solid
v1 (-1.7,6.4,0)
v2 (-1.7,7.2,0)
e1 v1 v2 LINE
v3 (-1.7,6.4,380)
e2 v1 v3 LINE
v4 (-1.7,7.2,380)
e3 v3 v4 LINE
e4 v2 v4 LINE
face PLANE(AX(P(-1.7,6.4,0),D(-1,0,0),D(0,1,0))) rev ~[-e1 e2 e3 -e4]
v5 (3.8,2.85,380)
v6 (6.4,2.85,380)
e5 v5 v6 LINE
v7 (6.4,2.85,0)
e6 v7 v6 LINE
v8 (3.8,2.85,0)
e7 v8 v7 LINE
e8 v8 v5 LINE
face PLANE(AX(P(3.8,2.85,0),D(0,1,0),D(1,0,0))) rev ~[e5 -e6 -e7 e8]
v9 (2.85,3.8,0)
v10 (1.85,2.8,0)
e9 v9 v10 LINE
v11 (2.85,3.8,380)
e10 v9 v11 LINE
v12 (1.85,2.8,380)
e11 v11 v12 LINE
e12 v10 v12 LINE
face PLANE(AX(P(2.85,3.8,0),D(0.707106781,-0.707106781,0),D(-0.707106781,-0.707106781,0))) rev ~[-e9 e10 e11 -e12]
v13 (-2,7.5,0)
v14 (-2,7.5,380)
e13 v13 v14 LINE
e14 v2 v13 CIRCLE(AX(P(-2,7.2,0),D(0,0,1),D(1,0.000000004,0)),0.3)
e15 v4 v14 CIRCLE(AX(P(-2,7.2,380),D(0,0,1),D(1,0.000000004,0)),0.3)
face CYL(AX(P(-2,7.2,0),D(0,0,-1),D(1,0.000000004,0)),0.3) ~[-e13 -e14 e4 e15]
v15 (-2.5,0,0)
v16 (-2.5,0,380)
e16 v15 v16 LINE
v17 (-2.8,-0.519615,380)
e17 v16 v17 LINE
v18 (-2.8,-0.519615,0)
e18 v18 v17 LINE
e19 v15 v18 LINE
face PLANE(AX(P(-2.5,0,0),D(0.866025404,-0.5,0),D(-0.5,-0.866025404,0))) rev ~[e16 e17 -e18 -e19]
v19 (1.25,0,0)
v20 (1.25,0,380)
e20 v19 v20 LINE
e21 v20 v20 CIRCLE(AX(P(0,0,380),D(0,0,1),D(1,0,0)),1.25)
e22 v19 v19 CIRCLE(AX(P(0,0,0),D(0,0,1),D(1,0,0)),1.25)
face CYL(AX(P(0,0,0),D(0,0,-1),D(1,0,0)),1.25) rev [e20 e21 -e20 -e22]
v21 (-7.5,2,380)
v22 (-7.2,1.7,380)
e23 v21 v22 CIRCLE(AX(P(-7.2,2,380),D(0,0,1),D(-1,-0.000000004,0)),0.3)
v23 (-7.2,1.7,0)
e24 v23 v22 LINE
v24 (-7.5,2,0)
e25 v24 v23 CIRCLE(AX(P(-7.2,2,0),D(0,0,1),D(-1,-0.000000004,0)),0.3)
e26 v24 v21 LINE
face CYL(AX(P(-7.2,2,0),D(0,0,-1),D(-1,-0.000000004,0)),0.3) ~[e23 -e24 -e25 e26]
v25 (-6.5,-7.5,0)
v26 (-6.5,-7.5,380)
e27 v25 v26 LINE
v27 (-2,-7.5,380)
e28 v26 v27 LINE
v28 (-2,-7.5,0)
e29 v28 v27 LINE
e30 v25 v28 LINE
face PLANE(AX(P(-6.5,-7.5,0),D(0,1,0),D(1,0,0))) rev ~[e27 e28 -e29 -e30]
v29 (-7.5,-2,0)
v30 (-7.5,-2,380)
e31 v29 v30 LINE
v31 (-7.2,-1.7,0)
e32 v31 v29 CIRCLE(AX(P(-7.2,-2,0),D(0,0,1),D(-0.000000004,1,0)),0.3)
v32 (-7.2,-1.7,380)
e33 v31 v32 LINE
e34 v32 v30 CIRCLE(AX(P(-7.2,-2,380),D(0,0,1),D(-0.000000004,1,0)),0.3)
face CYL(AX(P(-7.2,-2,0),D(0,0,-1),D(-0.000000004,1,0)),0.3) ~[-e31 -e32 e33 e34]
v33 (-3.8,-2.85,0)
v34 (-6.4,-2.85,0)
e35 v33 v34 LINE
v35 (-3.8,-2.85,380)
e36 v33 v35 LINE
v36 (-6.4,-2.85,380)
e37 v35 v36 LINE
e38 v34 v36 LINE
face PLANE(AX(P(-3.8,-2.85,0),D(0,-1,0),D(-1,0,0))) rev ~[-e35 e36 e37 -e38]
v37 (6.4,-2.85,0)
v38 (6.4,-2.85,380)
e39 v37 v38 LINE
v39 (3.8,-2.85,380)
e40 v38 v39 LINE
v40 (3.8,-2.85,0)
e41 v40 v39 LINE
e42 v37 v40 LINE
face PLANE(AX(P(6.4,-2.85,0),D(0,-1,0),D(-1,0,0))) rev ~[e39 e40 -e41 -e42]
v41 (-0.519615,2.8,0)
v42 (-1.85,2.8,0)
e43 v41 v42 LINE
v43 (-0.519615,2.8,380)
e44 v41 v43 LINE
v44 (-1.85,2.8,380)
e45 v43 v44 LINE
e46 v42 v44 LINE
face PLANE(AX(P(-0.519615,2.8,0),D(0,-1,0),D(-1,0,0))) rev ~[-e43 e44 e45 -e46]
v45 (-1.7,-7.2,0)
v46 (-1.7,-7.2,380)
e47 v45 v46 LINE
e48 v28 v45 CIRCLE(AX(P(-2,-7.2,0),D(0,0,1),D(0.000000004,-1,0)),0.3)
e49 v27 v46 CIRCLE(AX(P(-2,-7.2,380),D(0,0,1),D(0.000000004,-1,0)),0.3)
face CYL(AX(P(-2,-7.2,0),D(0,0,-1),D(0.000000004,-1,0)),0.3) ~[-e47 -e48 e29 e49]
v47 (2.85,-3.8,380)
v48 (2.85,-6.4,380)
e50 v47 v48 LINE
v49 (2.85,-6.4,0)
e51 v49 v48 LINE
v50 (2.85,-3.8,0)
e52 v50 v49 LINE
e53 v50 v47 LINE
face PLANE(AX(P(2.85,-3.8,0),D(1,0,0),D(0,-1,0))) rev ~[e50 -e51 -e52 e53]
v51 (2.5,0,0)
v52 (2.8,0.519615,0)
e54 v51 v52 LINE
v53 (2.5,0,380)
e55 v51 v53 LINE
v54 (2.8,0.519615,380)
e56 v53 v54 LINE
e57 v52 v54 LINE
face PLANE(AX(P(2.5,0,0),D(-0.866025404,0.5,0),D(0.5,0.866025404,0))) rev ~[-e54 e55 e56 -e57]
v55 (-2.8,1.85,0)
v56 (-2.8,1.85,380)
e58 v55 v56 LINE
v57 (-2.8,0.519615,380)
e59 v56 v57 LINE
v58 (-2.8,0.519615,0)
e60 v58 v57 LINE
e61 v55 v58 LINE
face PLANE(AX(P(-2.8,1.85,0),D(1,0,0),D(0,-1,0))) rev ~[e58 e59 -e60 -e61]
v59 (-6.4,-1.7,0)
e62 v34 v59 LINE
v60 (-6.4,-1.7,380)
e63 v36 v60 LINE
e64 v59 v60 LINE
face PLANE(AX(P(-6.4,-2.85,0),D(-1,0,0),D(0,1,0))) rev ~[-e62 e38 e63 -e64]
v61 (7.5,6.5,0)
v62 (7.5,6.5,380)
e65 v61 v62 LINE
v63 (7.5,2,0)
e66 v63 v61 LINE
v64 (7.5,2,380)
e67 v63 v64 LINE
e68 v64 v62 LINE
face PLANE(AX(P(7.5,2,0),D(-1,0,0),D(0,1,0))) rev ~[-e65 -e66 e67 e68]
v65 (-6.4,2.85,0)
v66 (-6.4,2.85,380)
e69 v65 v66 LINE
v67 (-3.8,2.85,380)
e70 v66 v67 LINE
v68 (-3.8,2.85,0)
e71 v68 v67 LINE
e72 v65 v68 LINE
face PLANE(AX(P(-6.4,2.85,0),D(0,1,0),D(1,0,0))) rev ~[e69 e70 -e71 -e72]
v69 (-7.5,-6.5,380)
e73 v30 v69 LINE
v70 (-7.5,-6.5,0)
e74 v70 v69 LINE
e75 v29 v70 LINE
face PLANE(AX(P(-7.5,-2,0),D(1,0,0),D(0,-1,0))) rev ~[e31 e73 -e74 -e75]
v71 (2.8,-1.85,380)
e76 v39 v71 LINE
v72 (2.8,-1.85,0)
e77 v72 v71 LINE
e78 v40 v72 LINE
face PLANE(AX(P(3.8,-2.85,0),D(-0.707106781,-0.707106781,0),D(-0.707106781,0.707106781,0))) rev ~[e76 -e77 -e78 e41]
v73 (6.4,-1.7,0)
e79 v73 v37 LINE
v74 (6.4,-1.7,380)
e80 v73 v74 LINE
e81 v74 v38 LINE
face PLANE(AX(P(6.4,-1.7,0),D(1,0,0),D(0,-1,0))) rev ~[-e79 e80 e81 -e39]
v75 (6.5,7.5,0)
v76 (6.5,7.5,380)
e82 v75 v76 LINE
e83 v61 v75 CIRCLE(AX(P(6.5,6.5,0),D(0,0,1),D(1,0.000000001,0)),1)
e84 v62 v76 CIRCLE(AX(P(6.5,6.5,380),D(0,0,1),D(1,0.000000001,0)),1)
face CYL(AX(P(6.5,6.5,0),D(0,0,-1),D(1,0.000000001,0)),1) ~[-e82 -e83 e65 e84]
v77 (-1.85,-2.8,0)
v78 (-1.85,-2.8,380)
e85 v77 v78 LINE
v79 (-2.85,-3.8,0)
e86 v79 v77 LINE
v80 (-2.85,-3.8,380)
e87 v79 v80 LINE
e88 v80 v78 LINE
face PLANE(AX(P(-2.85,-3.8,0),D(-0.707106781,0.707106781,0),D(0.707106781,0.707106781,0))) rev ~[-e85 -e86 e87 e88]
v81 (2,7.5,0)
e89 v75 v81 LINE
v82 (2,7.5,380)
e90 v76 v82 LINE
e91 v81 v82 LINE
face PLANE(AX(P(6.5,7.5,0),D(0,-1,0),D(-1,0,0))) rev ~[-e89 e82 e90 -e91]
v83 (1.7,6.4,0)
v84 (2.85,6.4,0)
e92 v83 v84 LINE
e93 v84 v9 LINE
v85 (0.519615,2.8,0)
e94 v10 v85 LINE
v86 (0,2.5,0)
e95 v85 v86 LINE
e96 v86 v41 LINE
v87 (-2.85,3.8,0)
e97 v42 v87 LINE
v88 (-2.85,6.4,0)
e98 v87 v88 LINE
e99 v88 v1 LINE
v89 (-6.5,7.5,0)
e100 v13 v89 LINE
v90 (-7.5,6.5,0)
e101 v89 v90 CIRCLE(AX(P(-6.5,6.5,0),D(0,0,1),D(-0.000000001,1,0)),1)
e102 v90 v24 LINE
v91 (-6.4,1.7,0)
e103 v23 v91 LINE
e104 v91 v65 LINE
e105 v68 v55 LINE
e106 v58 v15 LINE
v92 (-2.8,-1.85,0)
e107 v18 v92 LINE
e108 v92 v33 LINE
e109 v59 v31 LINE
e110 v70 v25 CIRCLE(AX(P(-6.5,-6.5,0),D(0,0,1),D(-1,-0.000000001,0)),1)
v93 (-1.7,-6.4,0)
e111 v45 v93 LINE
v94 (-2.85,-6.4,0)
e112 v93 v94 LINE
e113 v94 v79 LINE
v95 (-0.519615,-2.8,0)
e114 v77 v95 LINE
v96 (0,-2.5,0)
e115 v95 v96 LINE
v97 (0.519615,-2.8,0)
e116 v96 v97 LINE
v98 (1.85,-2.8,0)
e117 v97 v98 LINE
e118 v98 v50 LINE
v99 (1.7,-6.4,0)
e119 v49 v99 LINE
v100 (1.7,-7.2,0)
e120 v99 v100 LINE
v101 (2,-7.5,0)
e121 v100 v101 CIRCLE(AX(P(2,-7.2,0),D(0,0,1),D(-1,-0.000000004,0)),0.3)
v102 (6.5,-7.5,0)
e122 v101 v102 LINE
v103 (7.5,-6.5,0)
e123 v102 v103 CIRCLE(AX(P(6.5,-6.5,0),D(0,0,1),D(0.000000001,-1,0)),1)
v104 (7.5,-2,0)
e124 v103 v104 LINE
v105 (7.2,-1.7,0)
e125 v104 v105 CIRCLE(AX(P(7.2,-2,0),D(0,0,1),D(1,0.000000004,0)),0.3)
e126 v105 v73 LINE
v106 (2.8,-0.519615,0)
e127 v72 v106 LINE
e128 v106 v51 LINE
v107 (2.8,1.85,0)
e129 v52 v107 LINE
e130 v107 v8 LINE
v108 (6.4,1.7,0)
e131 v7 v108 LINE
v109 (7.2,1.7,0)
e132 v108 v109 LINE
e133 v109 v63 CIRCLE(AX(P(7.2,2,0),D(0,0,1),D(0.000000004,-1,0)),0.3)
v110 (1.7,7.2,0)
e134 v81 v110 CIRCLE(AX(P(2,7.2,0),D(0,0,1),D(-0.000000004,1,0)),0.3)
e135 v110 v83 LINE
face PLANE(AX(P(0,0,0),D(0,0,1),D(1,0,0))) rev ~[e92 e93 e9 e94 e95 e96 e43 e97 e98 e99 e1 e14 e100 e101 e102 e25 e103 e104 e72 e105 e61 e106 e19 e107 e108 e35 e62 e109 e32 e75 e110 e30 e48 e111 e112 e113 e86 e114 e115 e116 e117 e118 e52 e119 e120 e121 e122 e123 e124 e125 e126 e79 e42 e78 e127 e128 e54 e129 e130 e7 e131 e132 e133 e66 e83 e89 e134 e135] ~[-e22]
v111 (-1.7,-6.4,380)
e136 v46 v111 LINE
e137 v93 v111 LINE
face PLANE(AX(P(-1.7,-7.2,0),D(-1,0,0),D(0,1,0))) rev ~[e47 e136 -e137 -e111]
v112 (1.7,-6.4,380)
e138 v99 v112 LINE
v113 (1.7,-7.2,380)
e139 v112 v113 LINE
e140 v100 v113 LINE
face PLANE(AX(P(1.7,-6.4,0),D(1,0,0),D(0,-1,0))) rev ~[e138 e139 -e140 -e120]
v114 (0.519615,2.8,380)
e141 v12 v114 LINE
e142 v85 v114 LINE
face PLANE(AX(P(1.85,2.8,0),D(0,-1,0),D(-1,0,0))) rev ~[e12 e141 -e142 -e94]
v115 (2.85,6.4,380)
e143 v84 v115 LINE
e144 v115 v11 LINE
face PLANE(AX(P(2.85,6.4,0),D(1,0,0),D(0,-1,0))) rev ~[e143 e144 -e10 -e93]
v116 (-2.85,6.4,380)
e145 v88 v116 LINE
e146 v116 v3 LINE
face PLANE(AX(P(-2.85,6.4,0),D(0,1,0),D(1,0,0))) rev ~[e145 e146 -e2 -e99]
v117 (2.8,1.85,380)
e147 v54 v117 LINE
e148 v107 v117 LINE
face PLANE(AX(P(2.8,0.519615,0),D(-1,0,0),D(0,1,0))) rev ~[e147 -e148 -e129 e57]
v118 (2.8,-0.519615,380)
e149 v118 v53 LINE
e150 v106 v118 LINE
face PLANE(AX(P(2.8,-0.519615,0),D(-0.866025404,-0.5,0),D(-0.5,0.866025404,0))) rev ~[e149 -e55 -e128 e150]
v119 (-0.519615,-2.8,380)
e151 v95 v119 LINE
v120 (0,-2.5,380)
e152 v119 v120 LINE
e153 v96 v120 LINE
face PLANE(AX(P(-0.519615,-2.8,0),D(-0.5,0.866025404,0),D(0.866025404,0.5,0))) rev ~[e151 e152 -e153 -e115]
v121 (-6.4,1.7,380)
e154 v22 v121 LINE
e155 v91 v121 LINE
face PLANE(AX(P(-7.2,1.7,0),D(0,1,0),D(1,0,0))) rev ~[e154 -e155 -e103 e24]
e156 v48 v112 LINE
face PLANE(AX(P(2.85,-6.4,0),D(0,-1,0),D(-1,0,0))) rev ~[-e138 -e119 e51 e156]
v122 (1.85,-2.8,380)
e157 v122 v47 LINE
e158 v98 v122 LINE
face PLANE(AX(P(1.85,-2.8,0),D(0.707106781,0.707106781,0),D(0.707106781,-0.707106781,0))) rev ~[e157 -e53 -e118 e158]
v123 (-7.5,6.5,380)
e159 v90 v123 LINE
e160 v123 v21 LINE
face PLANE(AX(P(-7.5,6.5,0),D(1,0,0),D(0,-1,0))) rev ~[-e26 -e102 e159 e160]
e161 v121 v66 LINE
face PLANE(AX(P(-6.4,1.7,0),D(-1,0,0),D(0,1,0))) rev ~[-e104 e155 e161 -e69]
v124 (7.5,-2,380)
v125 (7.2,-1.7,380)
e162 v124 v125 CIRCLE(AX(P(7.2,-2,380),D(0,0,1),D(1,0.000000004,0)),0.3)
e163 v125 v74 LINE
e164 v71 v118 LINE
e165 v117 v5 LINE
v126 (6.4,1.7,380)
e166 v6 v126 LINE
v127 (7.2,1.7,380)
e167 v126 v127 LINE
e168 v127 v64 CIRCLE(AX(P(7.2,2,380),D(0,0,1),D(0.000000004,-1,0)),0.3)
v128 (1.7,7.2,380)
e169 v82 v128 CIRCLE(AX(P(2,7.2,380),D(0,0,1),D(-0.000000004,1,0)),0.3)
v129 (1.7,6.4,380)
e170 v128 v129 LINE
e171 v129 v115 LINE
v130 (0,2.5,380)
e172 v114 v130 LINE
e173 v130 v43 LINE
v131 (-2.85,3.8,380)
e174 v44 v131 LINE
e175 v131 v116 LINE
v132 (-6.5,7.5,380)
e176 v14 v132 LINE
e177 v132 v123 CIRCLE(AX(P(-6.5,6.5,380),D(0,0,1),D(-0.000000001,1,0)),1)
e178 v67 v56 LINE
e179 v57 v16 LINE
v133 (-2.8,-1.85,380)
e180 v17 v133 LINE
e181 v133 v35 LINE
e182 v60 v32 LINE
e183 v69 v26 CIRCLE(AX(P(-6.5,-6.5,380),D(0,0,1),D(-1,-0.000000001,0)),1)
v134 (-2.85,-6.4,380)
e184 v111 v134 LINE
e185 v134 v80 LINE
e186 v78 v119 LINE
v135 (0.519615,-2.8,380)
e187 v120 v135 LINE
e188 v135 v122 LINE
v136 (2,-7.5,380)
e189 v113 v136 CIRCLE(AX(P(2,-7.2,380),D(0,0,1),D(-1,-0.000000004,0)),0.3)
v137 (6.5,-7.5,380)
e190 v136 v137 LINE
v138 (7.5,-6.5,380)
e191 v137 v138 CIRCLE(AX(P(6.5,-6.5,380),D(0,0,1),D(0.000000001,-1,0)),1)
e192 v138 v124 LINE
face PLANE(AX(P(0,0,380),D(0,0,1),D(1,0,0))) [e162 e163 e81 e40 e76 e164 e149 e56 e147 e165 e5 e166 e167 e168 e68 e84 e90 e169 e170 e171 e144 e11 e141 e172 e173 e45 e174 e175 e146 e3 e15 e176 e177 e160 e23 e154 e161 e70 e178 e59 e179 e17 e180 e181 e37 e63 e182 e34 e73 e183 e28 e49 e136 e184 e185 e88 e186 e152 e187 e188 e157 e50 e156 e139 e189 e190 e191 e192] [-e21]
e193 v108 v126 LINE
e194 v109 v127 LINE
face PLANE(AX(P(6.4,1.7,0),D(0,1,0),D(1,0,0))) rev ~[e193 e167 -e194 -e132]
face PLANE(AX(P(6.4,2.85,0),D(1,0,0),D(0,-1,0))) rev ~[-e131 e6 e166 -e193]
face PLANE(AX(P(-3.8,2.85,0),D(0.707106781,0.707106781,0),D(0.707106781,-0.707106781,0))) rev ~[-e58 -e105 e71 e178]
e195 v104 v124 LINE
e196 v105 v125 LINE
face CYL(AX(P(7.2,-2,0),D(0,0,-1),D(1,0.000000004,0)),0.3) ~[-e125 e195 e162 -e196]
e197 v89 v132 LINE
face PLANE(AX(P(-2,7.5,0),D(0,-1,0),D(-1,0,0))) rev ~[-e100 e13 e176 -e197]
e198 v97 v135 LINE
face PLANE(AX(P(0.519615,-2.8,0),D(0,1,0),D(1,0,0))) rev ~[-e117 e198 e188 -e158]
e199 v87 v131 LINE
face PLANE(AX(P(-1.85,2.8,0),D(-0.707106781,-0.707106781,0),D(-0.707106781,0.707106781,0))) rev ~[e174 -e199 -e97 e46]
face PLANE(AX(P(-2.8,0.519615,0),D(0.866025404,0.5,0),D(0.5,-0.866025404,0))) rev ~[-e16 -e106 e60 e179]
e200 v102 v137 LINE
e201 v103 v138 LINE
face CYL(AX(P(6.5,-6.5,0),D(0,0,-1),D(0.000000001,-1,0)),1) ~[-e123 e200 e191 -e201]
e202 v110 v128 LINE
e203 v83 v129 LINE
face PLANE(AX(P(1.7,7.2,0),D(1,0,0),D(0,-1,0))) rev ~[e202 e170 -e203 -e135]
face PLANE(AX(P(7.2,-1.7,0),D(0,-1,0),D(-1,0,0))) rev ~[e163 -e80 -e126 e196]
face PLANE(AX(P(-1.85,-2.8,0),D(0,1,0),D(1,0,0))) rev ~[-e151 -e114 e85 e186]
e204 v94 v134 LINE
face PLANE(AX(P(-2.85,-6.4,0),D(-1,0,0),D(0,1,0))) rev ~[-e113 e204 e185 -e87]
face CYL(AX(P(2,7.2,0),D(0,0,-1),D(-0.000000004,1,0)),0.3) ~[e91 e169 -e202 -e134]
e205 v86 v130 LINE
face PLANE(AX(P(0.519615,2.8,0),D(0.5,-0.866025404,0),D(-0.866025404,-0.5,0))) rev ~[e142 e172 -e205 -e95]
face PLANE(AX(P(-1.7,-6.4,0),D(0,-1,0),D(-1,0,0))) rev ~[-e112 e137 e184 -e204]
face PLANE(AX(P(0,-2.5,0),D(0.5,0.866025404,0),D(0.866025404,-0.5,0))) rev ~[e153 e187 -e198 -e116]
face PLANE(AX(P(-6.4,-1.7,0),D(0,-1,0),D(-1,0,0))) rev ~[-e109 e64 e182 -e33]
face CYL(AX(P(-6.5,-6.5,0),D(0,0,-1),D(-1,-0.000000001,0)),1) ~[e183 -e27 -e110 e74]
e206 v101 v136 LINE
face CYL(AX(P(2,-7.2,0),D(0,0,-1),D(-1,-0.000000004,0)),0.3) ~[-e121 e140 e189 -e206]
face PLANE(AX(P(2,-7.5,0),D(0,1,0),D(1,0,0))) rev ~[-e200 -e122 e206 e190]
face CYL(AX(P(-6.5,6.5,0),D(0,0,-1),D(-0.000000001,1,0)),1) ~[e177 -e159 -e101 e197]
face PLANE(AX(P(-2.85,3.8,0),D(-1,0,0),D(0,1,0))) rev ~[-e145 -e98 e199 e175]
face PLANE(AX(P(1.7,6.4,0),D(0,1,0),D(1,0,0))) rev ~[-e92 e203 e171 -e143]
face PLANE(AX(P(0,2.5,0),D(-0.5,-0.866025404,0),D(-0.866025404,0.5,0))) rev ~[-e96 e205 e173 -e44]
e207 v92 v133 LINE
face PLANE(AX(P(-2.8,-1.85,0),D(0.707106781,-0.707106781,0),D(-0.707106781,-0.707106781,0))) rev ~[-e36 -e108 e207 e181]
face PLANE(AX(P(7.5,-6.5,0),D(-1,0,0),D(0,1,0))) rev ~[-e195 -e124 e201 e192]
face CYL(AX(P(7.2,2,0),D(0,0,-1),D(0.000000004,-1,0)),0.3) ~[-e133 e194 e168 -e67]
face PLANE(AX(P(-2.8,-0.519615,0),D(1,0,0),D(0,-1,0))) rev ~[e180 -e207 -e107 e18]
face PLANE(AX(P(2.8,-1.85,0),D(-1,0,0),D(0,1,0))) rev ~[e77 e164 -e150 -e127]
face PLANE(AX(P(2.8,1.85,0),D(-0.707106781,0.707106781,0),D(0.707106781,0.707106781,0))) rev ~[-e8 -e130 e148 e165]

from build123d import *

# Parameters (mm, degrees)
SKETCH1_R           = 1.25
BOSS_EXTRUDE1_DEPTH = 380


with BuildPart() as part:
    # Sketch1 → Boss-Extrude1 (new body)
    with BuildSketch(Plane.XY):
        with BuildLine():
            Line((-7.2, 1.7), (-6.4, 1.7))
            Line((-6.4, 1.7), (-6.4, 2.85))
            Line((-6.4, 2.85), (-3.8, 2.85))
            Line((-3.8, 2.85), (-2.8, 1.85))
            Line((-2.8, 1.85), (-2.8, 0.519615242))
            Line((-2.8, 0.519615242), (-2.5, 0))
            Line((-2.5, 0), (-2.8, -0.519615242))
            Line((-2.8, -0.519615242), (-2.8, -1.85))
            Line((-2.8, -1.85), (-3.8, -2.85))
            Line((-3.8, -2.85), (-6.4, -2.85))
            Line((-6.4, -2.85), (-6.4, -1.7))
            Line((-6.4, -1.7), (-7.2, -1.7))
            ThreePointArc((-7.2, -1.7), (-7.412132034, -1.787867966), (-7.5, -2))
            Line((-7.5, -2), (-7.5, -6.5))
            ThreePointArc((-7.5, -6.5), (-7.207106781, -7.207106781), (-6.5, -7.5))
            Line((-6.5, -7.5), (-2, -7.5))
            ThreePointArc((-2, -7.5), (-1.787867966, -7.412132034), (-1.7, -7.2))
            Line((-1.7, -7.2), (-1.7, -6.4))
            Line((-1.7, -6.4), (-2.85, -6.4))
            Line((-2.85, -6.4), (-2.85, -3.8))
            Line((-2.85, -3.8), (-1.85, -2.8))
            Line((-1.85, -2.8), (-0.519615242, -2.8))
            Line((-0.519615242, -2.8), (0, -2.5))
            Line((0, -2.5), (0.519615242, -2.8))
            Line((0.519615242, -2.8), (1.85, -2.8))
            Line((1.85, -2.8), (2.85, -3.8))
            Line((2.85, -3.8), (2.85, -6.4))
            Line((2.85, -6.4), (1.7, -6.4))
            Line((1.7, -6.4), (1.7, -7.2))
            ThreePointArc((1.7, -7.2), (1.787867966, -7.412132034), (2, -7.5))
            Line((2, -7.5), (6.5, -7.5))
            ThreePointArc((6.5, -7.5), (7.207106781, -7.207106781), (7.5, -6.5))
            Line((7.5, -6.5), (7.5, -2))
            ThreePointArc((7.5, -2), (7.412132034, -1.787867966), (7.2, -1.7))
            Line((7.2, -1.7), (6.4, -1.7))
            Line((6.4, -1.7), (6.4, -2.85))
            Line((6.4, -2.85), (3.8, -2.85))
            Line((3.8, -2.85), (2.8, -1.85))
            Line((2.8, -1.85), (2.8, -0.519615242))
            Line((2.8, -0.519615242), (2.5, 0))
            Line((2.5, 0), (2.8, 0.519615242))
            Line((2.8, 0.519615242), (2.8, 1.85))
            Line((2.8, 1.85), (3.8, 2.85))
            Line((3.8, 2.85), (6.4, 2.85))
            Line((6.4, 2.85), (6.4, 1.7))
            Line((6.4, 1.7), (7.2, 1.7))
            ThreePointArc((7.2, 1.7), (7.412132034, 1.787867966), (7.5, 2))
            Line((7.5, 2), (7.5, 6.5))
            ThreePointArc((7.5, 6.5), (7.207106781, 7.207106781), (6.5, 7.5))
            Line((6.5, 7.5), (2, 7.5))
            ThreePointArc((2, 7.5), (1.787867966, 7.412132034), (1.7, 7.2))
            Line((1.7, 7.2), (1.7, 6.4))
            Line((1.7, 6.4), (2.85, 6.4))
            Line((2.85, 6.4), (2.85, 3.8))
            Line((2.85, 3.8), (1.85, 2.8))
            Line((1.85, 2.8), (0.519615242, 2.8))
            Line((0.519615242, 2.8), (0, 2.5))
            Line((0, 2.5), (-0.519615242, 2.8))
            Line((-0.519615242, 2.8), (-1.85, 2.8))
            Line((-1.85, 2.8), (-2.85, 3.8))
            Line((-2.85, 3.8), (-2.85, 6.4))
            Line((-2.85, 6.4), (-1.7, 6.4))
            Line((-1.7, 6.4), (-1.7, 7.2))
            ThreePointArc((-1.7, 7.2), (-1.787867966, 7.412132034), (-2, 7.5))
            Line((-2, 7.5), (-6.5, 7.5))
            ThreePointArc((-6.5, 7.5), (-7.207106781, 7.207106781), (-7.5, 6.5))
            Line((-7.5, 6.5), (-7.5, 2))
            ThreePointArc((-7.5, 2), (-7.412132034, 1.787867966), (-7.2, 1.7))
        make_face()
        Circle(SKETCH1_R, mode=Mode.SUBTRACT)
    extrude(amount=BOSS_EXTRUDE1_DEPTH)


solid = part.part
